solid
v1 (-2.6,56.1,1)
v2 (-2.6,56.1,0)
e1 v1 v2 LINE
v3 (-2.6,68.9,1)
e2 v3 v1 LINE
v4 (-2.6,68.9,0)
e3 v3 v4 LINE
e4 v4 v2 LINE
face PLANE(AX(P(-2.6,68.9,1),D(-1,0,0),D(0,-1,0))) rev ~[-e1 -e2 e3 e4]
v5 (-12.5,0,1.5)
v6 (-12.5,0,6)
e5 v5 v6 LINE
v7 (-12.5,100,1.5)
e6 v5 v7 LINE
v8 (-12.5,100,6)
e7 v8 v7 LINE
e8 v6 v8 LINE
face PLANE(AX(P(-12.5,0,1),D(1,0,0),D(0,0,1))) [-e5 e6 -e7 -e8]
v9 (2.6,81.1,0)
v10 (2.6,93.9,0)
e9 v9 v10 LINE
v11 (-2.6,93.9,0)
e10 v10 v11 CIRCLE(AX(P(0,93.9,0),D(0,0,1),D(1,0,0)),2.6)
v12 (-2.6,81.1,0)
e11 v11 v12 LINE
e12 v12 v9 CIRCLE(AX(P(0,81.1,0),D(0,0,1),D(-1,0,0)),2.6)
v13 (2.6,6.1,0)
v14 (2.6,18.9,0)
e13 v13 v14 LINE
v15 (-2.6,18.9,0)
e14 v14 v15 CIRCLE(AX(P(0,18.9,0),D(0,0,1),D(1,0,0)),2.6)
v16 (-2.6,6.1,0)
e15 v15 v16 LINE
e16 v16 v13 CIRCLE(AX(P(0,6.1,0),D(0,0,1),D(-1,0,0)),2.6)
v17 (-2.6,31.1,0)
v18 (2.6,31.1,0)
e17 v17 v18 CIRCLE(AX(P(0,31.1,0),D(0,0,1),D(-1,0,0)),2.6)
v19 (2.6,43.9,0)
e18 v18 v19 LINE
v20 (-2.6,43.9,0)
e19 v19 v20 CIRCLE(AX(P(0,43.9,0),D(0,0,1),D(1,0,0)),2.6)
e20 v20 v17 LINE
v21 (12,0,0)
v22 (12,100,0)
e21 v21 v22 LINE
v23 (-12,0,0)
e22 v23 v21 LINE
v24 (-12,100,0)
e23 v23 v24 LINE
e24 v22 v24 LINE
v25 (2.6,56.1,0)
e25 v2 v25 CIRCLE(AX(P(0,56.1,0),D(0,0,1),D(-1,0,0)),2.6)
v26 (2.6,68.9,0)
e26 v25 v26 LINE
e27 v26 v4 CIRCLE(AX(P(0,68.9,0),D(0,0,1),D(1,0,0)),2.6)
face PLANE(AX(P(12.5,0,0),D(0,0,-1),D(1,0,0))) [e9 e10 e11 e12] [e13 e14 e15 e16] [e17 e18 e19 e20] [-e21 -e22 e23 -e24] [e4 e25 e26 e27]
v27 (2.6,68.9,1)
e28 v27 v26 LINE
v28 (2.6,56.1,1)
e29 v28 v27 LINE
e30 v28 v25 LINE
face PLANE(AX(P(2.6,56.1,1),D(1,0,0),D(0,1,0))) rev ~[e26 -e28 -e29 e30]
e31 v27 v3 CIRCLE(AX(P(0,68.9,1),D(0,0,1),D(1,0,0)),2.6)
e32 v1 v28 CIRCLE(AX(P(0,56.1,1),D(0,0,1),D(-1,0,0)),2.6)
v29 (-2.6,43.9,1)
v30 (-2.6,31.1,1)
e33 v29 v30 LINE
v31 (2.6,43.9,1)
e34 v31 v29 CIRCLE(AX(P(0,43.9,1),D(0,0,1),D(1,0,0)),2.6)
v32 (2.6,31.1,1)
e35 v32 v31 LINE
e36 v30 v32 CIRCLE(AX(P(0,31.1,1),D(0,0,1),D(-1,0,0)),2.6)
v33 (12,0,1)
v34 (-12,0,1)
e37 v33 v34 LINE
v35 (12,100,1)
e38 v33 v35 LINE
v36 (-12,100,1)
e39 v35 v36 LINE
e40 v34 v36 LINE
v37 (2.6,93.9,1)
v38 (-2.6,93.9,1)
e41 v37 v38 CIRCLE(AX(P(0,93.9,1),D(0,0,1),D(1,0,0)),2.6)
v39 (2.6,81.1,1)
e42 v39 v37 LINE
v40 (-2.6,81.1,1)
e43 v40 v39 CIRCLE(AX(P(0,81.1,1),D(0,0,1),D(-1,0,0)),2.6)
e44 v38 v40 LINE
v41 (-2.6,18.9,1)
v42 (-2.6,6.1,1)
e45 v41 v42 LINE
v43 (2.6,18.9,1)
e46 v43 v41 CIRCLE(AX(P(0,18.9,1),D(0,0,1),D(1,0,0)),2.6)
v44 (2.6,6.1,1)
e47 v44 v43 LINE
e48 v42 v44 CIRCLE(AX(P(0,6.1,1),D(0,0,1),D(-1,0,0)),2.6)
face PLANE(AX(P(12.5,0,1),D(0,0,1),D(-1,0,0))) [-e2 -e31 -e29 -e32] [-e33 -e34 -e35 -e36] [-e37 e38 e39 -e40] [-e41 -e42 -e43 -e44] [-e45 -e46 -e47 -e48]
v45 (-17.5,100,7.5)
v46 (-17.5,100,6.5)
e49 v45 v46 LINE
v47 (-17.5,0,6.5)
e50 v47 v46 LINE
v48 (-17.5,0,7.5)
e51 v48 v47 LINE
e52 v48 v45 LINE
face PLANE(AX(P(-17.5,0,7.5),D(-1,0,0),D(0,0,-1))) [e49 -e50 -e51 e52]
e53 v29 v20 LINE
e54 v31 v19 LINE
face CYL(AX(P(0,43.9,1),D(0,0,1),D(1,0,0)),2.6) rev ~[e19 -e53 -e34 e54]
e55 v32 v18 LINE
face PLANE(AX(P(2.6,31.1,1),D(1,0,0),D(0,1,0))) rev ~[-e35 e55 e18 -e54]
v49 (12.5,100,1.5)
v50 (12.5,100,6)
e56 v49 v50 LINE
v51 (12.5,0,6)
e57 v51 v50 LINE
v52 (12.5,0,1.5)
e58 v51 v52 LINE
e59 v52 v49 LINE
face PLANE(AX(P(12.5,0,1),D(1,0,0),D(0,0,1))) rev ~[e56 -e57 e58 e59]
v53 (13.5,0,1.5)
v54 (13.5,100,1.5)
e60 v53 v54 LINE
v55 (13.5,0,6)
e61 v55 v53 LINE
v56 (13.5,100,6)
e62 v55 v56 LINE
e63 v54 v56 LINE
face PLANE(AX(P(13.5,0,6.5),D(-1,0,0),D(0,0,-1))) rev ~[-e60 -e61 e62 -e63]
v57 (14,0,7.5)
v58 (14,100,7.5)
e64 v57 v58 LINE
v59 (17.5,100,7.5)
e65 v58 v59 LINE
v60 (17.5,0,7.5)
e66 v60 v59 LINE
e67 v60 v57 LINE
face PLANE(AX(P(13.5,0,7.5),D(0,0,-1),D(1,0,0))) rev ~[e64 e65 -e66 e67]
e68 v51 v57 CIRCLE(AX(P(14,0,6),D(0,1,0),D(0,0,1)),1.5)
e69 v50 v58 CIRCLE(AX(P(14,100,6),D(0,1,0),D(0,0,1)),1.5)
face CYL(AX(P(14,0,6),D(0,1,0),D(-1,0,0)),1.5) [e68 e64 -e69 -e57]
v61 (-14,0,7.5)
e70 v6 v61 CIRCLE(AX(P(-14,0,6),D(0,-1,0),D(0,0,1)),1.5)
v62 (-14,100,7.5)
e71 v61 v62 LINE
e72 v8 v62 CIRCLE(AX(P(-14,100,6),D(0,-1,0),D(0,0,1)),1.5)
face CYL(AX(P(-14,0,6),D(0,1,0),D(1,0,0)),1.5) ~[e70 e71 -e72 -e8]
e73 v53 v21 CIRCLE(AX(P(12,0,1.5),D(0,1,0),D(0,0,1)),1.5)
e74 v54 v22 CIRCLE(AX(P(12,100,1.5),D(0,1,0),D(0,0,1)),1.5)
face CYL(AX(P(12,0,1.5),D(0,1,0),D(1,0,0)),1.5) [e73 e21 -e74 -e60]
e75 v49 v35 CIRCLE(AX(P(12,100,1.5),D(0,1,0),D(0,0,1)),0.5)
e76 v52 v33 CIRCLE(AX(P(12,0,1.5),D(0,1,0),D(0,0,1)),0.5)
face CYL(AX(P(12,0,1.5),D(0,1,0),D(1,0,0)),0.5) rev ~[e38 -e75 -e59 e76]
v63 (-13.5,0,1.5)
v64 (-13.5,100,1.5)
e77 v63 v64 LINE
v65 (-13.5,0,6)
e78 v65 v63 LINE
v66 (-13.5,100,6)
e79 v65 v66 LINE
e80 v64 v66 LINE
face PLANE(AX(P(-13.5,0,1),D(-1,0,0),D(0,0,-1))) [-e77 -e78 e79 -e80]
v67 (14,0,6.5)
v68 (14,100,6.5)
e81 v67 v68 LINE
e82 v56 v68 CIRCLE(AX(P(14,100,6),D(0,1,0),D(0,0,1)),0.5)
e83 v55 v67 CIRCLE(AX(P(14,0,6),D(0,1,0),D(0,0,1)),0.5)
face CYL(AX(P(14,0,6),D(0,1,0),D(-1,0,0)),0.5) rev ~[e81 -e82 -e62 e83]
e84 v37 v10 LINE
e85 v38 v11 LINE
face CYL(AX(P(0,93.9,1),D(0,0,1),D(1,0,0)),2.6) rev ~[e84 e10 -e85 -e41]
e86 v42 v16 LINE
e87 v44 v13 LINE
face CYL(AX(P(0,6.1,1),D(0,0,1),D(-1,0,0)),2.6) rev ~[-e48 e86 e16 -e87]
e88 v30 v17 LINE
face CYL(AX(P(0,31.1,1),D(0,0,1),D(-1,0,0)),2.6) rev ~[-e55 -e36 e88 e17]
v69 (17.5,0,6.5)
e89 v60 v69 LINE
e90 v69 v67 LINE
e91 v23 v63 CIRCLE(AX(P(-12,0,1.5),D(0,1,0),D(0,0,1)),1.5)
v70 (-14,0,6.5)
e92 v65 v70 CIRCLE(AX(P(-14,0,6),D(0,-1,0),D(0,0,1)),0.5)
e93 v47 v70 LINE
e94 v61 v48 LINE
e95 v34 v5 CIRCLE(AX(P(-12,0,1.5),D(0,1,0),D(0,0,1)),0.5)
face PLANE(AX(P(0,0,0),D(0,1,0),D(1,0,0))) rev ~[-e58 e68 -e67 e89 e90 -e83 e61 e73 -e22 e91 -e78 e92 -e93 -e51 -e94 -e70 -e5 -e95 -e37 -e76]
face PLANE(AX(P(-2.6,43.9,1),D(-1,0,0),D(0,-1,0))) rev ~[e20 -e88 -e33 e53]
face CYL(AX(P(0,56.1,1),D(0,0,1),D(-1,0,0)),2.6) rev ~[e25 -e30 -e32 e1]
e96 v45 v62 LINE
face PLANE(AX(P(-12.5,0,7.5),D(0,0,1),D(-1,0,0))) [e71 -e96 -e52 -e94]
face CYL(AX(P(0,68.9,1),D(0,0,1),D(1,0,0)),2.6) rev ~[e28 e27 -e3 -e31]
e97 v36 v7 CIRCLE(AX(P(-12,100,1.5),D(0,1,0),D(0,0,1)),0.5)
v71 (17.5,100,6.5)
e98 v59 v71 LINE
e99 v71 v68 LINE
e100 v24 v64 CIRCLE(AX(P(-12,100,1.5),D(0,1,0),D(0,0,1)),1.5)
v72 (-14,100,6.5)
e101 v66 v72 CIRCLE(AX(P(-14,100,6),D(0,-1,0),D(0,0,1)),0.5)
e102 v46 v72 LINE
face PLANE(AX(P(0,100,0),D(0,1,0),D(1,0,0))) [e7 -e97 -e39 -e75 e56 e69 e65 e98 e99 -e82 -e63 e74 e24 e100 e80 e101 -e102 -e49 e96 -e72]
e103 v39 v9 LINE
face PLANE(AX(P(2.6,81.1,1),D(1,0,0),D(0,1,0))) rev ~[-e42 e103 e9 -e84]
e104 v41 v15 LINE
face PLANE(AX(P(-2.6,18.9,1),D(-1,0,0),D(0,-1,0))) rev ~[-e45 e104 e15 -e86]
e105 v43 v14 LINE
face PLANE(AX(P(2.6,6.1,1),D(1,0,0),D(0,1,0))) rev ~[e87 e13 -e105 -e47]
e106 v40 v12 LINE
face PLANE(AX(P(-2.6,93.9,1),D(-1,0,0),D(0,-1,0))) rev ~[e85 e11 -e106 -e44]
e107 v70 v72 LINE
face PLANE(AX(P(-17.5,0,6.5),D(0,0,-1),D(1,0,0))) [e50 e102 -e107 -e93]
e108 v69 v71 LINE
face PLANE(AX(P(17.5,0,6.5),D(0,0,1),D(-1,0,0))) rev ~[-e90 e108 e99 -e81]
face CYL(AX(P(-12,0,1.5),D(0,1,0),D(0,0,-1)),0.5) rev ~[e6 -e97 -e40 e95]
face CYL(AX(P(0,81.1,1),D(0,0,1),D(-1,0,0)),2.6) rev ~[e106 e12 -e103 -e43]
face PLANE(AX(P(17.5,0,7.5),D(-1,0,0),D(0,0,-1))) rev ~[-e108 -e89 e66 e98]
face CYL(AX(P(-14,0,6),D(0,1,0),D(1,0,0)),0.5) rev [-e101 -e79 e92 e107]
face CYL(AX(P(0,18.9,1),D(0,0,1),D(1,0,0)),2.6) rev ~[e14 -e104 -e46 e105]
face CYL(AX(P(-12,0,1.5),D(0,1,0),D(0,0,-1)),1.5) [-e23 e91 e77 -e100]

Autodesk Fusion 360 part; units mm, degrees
sketch "Skizze1" plane through (0, 0, 0) normal (0, 1, 0) x (1, 0, 0)
  line L0 (13.5, -1) -> (-13.5, -1)
  line L1 (-13.5, -1) -> (-13.5, 0)
  line L2 (-13.5, 0) -> (13.5, 0)
  line L3 (13.5, 0) -> (13.5, -1)
  line L4 (13.5, -1) -> (-13.5, 0) construction
  line L5 (-13.5, -1) -> (13.5, 0) construction
  line L6 (-13.5, 0) -> (-12.5, 0)
  line L7 (-12.5, 0) -> (-12.5, -7.5)
  line L8 (-12.5, -7.5) -> (-13.5, -7.5)
  line L9 (-13.5, -7.5) -> (-13.5, 0)
  line L10 (13.5, 0) -> (12.5, 0)
  line L11 (12.5, 0) -> (12.5, -7.5)
  line L12 (12.5, -7.5) -> (13.5, -7.5)
  line L13 (13.5, -7.5) -> (13.5, 0)
  line L14 (-12.5, -7.5) -> (-17.5, -7.5)
  line L15 (-17.5, -7.5) -> (-17.5, -6.5)
  line L16 (-17.5, -6.5) -> (-12.5, -6.5)
  line L17 (-12.5, -6.5) -> (-12.5, -7.5)
  line L18 (12.5, -7.5) -> (17.5, -7.5)
  line L19 (17.5, -7.5) -> (17.5, -6.5)
  line L20 (17.5, -6.5) -> (12.5, -6.5)
  line L21 (12.5, -6.5) -> (12.5, -7.5)
  point P0 (0, -0.5)
  dimension "d7" = 27
  dimension "d8" = 1
  dimension "d9" = 7.5
  dimension "d10" = 1
  dimension "d11" = 7.5
  dimension "d12" = 1
  dimension "d13" = 5
  dimension "d14" = 1
  dimension "d15" = 5
  dimension "d16" = 1
extrude "Extrusion1" add sketch "Skizze1" along normal blind 100
fillet "Abrundung1" radius 1.5 4 edges at (12.5, 50, 7.5) (-12.5, 50, 7.5) (13.5, 50, 0) (-13.5, 50, 0)
fillet "Abrundung2" radius 0.5 4 edges at (-13.5, 50, 6.5) (13.5, 50, 6.5) (12.5, 50, 1) (-12.5, 50, 1)
sketch "Skizze2" plane through (0, 0, 1) normal (0, 0, 1) x (-1, 0, 0)
  line L0 (12, -100) -> (12, 0)
  line L1 (12, 0) -> (-12, 0)
  line L2 (-12, 0) -> (-12, -100)
  line L3 (-12, -100) -> (12, -100)
  line L4 (0, 0) -> (0, -3.5) construction
  line L5 (-2.6, -6.1) -> (-2.6, -18.9)
  arc A0 (-2.6, -18.9) -> (2.6, -18.9) centre (0, -18.9) ccw
  line L6 (2.6, -18.9) -> (2.6, -6.1)
  arc A1 (2.6, -6.1) -> (-2.6, -6.1) centre (0, -6.1) ccw
  line L7 (0, -3.5) -> (0, -21.5) construction
  point P0 (0, -3.5)
  dimension "d26" = 3.5
  dimension "d34" = 18
  dimension "d35" = 5.2
extrude "Extrusion2" cut sketch "Skizze2" against normal blind 1 contours L5 A0 L6 A1
pattern_linear "R-Anordnung1" count 4 spacing 25 along (0, 1, 0) of "Extrusion2"
equation "InnerWidth = 27 mm" comment "BI"
equation "OuterWidth = 37 mm" comment "Equals 35"
equation "Height = 7.5 mm" comment "h"
equation "Thickness = 1 mm" comment "D"
equation "Length = 100 mm" comment "L"
equation "SlotDistance = 25 mm" comment "ALL"
equation "d7 = InnerWidth"
equation "d8 = Thickness"
equation "d9 = Height"
equation "d10 = Thickness"
equation "d11 = Height"
equation "d12 = Thickness"
equation "d13 = ( OuterWidth - InnerWidth ) / 2"
equation "d14 = Thickness"
equation "d15 = ( OuterWidth - InnerWidth ) / 2"
equation "d16 = Thickness"
equation "d17 = Length"
equation "OuterFillet = 1.5 mm" comment "R"
equation "d20 = OuterFillet"
equation "InnerFillet = OuterFillet - Thickness" comment "RK"
equation "d22 = InnerFillet"
equation "SlotWidth = 5.2 mm" comment "LLB"
equation "SlotLength = 18 mm" comment "LLH"
equation "SlotDistance2 = 25 mm" comment "LLA"
equation "d26 = ( ( Length - ( ( Length / SlotDistance2 ) * SlotLength ) ) / ( Length / SlotDistance2 ) ) / 2"
equation "d28 = -Thickness"
equation "d30 = Length / SlotDistance2"
equation "d32 = SlotDistance2"
equation "d34 = SlotLength"
equation "d35 = SlotWidth"
